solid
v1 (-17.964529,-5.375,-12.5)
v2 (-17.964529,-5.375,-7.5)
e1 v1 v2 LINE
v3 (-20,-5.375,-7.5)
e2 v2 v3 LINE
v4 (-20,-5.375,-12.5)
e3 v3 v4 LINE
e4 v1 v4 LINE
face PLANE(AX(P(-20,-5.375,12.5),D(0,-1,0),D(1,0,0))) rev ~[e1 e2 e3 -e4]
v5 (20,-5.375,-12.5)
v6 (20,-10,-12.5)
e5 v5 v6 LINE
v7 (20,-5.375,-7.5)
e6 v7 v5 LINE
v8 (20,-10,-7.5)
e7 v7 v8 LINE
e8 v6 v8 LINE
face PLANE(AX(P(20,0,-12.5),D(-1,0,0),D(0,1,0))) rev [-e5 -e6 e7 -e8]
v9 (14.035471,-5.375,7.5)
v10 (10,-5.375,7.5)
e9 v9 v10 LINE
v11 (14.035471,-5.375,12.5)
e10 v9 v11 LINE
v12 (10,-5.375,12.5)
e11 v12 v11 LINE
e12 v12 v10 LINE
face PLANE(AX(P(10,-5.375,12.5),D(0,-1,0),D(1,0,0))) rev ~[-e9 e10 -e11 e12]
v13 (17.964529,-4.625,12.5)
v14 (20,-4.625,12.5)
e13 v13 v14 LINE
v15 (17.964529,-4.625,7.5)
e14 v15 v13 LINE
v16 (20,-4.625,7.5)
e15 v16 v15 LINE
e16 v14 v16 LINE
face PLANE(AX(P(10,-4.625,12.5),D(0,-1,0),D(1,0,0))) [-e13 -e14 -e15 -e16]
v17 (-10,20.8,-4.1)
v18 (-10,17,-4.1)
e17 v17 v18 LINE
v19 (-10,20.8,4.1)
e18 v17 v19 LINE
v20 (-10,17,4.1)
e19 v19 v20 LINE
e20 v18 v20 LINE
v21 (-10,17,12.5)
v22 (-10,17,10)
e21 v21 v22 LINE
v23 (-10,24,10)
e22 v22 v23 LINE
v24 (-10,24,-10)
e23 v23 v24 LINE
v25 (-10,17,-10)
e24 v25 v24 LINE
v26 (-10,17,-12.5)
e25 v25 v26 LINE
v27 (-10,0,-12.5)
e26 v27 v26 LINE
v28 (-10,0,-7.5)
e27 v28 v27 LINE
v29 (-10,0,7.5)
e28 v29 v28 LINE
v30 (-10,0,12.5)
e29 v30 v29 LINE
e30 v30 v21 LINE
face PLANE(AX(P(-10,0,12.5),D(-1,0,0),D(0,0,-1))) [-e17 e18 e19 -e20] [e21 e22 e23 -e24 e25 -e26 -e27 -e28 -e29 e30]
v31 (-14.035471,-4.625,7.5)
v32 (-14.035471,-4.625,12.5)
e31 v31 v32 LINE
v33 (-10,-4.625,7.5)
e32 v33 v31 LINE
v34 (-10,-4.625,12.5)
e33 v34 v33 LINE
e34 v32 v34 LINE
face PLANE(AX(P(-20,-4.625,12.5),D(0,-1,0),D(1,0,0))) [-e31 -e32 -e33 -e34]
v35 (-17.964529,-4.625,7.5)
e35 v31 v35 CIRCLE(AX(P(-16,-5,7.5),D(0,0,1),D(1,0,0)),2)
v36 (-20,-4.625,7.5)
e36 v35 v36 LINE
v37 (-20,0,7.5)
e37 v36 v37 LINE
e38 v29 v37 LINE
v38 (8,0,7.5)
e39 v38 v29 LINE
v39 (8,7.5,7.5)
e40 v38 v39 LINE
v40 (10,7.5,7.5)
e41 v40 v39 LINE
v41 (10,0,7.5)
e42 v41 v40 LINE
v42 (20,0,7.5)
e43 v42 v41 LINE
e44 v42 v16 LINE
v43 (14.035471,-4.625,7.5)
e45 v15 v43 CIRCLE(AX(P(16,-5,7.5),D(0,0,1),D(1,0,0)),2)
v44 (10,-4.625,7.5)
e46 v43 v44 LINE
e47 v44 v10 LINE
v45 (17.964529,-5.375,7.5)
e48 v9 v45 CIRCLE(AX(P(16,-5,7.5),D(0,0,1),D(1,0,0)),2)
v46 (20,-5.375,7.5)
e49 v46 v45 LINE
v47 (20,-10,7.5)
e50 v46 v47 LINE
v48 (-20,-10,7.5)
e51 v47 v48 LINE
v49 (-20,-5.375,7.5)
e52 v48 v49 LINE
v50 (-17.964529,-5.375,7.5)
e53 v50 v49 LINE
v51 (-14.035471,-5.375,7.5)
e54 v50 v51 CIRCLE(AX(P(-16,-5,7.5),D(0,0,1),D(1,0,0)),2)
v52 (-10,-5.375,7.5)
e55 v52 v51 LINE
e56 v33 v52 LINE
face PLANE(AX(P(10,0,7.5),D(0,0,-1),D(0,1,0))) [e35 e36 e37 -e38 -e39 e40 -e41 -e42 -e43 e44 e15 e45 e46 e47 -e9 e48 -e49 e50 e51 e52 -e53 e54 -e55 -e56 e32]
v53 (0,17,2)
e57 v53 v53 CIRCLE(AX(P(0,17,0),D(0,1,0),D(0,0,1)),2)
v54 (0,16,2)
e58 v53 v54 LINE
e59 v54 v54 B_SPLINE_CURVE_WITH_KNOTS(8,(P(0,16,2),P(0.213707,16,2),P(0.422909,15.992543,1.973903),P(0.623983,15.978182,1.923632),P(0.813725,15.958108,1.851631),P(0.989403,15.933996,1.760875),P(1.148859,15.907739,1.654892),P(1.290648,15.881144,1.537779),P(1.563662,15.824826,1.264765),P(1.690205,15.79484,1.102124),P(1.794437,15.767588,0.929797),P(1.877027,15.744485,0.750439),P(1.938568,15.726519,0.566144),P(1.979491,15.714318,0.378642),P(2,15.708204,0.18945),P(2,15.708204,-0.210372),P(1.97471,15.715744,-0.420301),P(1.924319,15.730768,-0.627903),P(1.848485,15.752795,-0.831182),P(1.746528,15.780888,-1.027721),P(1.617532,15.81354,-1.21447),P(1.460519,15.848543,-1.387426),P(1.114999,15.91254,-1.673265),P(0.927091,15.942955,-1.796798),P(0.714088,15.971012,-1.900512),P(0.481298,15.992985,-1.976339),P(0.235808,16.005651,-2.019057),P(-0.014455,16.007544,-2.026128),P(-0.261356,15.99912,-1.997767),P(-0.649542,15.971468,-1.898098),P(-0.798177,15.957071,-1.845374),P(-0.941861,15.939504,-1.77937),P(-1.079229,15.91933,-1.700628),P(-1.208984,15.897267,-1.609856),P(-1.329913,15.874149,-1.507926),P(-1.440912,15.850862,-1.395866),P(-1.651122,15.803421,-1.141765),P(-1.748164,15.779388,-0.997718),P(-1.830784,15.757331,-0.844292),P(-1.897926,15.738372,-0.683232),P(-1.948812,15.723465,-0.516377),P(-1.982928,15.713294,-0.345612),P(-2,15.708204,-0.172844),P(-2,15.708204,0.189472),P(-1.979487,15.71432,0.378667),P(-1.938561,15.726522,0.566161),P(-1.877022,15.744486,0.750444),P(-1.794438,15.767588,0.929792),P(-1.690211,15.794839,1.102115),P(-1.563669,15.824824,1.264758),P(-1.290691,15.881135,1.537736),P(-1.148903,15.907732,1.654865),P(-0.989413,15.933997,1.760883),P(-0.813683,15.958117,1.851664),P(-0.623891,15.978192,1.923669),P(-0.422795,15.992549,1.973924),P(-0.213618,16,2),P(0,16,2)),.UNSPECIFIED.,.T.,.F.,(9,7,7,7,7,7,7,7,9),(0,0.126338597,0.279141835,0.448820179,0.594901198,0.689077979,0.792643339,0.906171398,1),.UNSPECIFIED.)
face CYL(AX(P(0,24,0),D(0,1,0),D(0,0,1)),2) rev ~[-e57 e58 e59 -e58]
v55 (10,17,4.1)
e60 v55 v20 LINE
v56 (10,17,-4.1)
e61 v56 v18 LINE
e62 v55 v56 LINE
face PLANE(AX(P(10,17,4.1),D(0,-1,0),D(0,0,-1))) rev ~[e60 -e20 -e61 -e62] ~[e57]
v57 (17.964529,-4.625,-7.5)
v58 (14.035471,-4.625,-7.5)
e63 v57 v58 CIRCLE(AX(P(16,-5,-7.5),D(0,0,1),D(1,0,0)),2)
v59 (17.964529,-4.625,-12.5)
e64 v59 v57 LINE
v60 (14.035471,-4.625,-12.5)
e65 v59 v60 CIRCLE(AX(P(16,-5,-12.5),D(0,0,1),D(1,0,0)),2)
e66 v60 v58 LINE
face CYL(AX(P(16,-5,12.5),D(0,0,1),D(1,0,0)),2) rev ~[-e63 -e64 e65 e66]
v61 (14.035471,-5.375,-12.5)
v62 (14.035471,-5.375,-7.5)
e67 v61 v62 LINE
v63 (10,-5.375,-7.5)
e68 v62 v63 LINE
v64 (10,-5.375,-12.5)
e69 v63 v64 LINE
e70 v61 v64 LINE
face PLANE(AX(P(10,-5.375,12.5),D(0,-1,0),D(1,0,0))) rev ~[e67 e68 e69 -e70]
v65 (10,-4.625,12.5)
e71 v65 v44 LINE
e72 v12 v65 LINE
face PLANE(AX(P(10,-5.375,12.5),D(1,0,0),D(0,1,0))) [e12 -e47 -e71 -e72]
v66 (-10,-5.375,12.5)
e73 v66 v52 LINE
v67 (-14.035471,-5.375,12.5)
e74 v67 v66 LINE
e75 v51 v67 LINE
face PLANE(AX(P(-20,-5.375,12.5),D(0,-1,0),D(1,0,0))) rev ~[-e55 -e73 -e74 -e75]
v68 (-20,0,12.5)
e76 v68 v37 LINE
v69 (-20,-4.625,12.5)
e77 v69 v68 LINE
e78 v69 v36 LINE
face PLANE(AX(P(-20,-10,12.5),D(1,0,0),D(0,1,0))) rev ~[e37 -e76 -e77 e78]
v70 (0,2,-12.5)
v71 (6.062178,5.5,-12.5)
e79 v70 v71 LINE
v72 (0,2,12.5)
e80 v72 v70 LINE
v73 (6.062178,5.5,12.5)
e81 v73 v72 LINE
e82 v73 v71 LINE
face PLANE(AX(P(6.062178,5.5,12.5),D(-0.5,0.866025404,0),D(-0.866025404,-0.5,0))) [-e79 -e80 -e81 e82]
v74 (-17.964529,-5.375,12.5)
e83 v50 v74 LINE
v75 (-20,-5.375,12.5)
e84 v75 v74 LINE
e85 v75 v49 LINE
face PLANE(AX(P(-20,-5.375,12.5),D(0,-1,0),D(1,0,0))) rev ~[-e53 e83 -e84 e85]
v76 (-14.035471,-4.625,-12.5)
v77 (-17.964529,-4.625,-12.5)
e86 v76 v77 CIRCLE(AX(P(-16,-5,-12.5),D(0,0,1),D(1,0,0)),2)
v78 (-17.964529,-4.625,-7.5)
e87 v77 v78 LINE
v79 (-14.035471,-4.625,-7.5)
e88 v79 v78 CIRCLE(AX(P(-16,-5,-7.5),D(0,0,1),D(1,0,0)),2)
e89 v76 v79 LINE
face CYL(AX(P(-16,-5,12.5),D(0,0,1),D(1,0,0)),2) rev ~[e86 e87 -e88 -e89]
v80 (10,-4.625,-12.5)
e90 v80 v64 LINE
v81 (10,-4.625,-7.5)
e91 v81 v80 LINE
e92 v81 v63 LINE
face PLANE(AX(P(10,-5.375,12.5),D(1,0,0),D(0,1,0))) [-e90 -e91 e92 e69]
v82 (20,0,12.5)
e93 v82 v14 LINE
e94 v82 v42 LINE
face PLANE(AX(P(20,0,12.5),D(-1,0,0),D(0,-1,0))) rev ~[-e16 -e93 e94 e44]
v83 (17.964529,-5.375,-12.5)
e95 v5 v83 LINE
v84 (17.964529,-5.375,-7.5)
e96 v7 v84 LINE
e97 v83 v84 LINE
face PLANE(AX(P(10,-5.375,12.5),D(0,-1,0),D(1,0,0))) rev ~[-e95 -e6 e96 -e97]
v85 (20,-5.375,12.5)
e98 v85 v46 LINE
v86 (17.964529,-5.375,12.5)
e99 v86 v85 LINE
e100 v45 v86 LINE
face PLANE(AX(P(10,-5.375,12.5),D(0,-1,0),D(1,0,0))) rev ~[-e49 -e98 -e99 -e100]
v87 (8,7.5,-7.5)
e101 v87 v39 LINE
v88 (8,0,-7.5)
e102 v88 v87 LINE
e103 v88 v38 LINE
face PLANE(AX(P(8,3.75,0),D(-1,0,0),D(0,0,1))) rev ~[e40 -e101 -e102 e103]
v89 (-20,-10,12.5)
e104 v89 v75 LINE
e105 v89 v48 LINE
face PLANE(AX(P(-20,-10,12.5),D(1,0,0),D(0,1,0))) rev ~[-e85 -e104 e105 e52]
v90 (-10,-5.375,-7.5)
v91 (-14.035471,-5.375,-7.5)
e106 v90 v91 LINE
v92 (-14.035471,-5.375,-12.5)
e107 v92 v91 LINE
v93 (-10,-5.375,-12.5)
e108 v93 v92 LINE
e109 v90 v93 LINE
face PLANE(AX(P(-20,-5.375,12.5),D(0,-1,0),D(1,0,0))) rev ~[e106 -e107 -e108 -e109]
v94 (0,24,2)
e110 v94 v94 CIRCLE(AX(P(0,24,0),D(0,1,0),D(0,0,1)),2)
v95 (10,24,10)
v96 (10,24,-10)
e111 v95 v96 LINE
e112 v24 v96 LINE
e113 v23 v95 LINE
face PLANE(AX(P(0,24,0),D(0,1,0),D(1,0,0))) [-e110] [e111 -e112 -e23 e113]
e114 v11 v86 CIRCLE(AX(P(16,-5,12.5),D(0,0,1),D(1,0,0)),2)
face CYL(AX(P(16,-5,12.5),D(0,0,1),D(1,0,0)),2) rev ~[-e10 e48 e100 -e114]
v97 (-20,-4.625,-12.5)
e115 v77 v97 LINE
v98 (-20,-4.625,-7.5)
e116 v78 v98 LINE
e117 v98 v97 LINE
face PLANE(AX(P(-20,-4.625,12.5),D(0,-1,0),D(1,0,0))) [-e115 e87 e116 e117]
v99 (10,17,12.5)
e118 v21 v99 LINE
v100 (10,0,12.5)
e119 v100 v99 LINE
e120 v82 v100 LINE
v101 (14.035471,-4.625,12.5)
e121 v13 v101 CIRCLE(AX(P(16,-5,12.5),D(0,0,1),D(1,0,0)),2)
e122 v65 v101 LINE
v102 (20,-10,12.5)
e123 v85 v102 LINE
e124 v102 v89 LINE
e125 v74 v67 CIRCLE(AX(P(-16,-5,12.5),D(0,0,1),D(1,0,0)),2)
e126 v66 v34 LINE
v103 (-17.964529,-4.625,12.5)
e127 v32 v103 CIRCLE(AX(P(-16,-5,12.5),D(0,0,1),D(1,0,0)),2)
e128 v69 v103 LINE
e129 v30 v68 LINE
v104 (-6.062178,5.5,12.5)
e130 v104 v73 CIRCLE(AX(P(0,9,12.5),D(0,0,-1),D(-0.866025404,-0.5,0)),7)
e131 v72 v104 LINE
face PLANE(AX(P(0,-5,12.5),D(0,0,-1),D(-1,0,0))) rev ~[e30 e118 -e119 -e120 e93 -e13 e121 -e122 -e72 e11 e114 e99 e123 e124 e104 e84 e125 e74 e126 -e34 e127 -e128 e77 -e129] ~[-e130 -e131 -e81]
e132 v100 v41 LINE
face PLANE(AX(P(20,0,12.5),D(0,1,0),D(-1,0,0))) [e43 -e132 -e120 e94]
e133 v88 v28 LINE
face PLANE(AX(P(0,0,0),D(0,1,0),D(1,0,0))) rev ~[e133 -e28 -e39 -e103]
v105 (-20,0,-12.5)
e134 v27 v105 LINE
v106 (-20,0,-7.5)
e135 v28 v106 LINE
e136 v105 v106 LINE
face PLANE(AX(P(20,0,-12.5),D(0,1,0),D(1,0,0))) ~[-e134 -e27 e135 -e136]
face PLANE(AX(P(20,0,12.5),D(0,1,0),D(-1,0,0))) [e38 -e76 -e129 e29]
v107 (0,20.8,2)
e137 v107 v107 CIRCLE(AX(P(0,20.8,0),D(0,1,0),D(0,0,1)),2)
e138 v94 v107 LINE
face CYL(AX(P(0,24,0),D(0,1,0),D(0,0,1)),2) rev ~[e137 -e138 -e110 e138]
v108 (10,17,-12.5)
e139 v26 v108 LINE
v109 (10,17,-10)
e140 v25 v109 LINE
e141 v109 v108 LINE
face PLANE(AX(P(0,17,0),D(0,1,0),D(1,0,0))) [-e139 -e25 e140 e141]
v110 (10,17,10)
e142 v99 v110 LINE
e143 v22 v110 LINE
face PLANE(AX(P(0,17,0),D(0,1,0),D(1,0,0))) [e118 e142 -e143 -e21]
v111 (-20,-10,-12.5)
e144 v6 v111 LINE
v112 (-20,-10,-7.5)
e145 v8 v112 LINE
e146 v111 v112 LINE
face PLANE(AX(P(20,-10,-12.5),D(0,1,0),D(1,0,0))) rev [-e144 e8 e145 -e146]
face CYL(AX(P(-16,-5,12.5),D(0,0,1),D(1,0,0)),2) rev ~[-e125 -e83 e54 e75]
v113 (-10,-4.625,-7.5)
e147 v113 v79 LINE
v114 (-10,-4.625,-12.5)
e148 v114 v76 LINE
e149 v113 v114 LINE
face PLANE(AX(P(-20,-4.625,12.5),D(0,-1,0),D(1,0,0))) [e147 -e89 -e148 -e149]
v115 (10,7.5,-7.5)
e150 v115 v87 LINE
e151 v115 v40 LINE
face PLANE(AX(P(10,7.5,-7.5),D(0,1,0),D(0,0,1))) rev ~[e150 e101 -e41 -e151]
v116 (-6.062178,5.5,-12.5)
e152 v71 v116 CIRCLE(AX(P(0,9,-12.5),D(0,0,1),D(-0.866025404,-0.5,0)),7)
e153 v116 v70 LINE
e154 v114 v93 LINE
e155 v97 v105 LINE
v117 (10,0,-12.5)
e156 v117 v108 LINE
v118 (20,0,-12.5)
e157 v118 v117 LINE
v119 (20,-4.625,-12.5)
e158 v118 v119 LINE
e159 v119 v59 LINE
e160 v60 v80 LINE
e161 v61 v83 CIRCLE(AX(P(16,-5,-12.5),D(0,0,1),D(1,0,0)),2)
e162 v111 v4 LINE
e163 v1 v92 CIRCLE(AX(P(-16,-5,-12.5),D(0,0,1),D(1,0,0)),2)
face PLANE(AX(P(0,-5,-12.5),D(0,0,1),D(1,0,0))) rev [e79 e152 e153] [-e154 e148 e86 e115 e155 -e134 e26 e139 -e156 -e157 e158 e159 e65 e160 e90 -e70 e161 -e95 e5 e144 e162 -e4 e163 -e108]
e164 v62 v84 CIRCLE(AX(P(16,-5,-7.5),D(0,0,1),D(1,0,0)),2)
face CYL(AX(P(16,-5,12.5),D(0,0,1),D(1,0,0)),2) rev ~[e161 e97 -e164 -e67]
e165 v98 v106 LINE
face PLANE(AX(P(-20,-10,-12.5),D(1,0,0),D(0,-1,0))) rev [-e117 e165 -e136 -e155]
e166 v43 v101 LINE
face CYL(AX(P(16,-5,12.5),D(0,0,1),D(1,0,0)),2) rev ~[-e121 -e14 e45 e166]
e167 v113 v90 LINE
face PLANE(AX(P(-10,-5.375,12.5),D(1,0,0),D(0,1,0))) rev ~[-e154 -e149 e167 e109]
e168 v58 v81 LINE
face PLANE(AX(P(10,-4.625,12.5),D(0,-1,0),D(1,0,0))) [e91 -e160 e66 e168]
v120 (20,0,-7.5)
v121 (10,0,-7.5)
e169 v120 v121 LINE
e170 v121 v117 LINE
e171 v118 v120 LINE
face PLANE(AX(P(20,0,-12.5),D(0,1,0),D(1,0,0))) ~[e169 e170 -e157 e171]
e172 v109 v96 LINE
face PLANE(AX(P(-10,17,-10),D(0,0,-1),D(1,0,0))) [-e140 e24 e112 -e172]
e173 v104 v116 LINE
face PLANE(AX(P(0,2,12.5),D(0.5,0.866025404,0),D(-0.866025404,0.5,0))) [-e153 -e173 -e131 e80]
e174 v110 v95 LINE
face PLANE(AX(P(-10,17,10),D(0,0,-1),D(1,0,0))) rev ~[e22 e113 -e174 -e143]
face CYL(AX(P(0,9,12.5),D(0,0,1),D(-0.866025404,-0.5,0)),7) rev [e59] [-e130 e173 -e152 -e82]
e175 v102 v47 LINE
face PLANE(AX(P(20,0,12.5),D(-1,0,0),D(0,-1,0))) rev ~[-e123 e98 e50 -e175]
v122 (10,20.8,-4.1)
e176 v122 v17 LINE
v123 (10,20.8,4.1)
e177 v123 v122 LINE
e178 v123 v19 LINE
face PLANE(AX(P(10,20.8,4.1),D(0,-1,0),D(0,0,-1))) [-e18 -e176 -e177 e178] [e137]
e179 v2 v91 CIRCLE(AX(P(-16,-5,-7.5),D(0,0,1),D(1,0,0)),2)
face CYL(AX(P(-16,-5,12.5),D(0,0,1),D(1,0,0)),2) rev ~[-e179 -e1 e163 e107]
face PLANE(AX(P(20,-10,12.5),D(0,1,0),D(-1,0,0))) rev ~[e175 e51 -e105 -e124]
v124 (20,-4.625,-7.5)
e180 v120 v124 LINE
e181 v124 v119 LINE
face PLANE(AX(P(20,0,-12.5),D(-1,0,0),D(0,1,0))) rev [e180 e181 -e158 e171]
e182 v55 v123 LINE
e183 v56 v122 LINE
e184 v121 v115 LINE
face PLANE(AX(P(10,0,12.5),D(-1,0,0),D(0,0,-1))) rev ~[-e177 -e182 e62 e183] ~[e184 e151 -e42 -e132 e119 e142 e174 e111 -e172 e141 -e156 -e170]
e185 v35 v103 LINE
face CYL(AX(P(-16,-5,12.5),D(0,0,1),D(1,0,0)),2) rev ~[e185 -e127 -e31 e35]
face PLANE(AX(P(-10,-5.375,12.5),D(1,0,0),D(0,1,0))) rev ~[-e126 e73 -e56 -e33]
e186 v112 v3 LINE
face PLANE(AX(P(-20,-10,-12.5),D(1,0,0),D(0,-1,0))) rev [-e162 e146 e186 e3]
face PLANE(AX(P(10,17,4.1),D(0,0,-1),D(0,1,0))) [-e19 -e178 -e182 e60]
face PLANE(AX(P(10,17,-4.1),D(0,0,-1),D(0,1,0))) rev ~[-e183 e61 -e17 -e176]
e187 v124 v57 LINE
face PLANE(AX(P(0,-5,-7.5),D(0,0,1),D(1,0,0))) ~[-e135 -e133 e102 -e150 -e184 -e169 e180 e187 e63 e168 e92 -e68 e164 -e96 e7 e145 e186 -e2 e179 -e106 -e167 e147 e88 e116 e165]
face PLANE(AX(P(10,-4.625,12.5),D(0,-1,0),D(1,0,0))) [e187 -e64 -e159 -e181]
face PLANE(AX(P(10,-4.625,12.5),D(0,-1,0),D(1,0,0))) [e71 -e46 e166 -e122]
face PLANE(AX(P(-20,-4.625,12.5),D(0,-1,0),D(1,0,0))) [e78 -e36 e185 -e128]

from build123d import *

# Parameters (mm, degrees)
SKETCH1_W               = 20
SKETCH1_H               = 25
BOSS_EXTRUDE1_DEPTH     = 17
CUT_EXTRUDE1_DEPTH      = 32.843366656
BOSS_EXTRUDE2_DEPTH     = 5
SKETCH4_R               = 2
CUT_EXTRUDE2_DEPTH      = 37.249137921
SKETCH6_W               = 20
SKETCH6_H               = 20
BOSS_EXTRUDE3_DEPTH     = 7
SKETCH8_W               = 8.2
SKETCH8_H               = 3.8
CUT_EXTRUDE3_DEPTH      = 41.401113846
CUT_EXTRUDE4_REACH      = 43.379
CUT_EXTRUDE4_END_RADIUS = 7
SKETCH7_R               = 2
SKETCH9_W               = 15
SKETCH9_H               = 7.5
CUT_EXTRUDE5_DEPTH      = 2
SKETCH10_W              = 10
SKETCH10_H              = 0.75
CUT_EXTRUDE6_DEPTH      = 41.01249811


with BuildPart() as part:
    # Sketch1 → Boss-Extrude1 (new body)
    with BuildSketch(Plane(origin=(0, 0, 0), x_dir=(1, 0, 0), z_dir=(0, 1, 0))):
        Rectangle(SKETCH1_W, SKETCH1_H)
    extrude(amount=BOSS_EXTRUDE1_DEPTH)

    # Sketch2 → Cut-Extrude1 (cut, through all)
    with BuildSketch(Plane.XY.offset(12.5)):
        with BuildLine():
            Line((0, 2), (-6.062177826, 5.5))
            ThreePointArc((-6.062177826, 5.5), (0, 16), (6.062177826, 5.5))
            Line((6.062177826, 5.5), (0, 2))
        make_face()
    extrude(amount=-CUT_EXTRUDE1_DEPTH, mode=Mode.SUBTRACT)

    # Sketch3 → Boss-Extrude2 (add)
    with BuildSketch(Plane.XY.offset(12.5)):
        Polygon((10, 0), (20, 0), (20, -10), (-20, -10), (-20, 0), (-10, 0), align=None)
    boss_extrude2 = extrude(amount=-BOSS_EXTRUDE2_DEPTH)

    # Mirror1: Boss-Extrude2 across plane
    add(boss_extrude2.mirror(Plane.XY))

    # Sketch4 → Cut-Extrude2 (cut, through all)
    with BuildSketch(Plane.XY.offset(12.5)):
        with Locations((16, -5)):
            Circle(SKETCH4_R)
        with Locations((-16, -5)):
            Circle(SKETCH4_R)
    extrude(amount=-CUT_EXTRUDE2_DEPTH, mode=Mode.SUBTRACT)

    # Sketch6 → Boss-Extrude3 (add)
    with BuildSketch(Plane(origin=(0, 17, 0), x_dir=(1, 0, 0), z_dir=(0, 1, 0))):
        Rectangle(SKETCH6_W, SKETCH6_H)
    extrude(amount=BOSS_EXTRUDE3_DEPTH)

    # Sketch8 → Cut-Extrude3 (cut, through all)
    with BuildSketch(Plane(origin=(10, 0, 0), x_dir=(0, 0, -1), z_dir=(1, 0, 0))):
        with Locations((0, 18.9)):
            Rectangle(SKETCH8_W, SKETCH8_H)
    extrude(amount=-CUT_EXTRUDE3_DEPTH, mode=Mode.SUBTRACT)

    # Cut-Extrude4: up to this cylinder (the profile starts outside it)
    cut_extrude4_end = Plane(origin=(0, 9, 0), z_dir=(0, 0, 1)) * Cylinder(CUT_EXTRUDE4_END_RADIUS, 101.758, mode=Mode.PRIVATE)
    # Sketch7 → Cut-Extrude4 (cut, up to the surface)
    with BuildSketch(Plane(origin=(0, 24, 0), x_dir=(1, 0, 0), z_dir=(0, 1, 0)), mode=Mode.PRIVATE) as cut_extrude4_sk1:
        with Locations(Location((0, 0, 0), (0, 0, 270))):
            Circle(SKETCH7_R)
    cut_extrude4_tool1 = extrude(cut_extrude4_sk1.sketch, amount=-CUT_EXTRUDE4_REACH, mode=Mode.PRIVATE) - cut_extrude4_end
    add(cut_extrude4_tool1.solids().sort_by_distance((0, 24, 0))[0], mode=Mode.SUBTRACT)

    # Sketch9 → Cut-Extrude5 (cut)
    with BuildSketch(Plane.ZY.offset(-10)):
        with Locations((0, 3.75)):
            Rectangle(SKETCH9_W, SKETCH9_H)
    extrude(amount=CUT_EXTRUDE5_DEPTH, mode=Mode.SUBTRACT)

    # Sketch10 → Cut-Extrude6 (cut, through all)
    with BuildSketch(Plane.XY.offset(12.5)):
        with Locations((-15, -5)):
            Rectangle(SKETCH10_W, SKETCH10_H)
        with Locations((15, -5)):
            Rectangle(SKETCH10_W, SKETCH10_H)
    extrude(amount=-CUT_EXTRUDE6_DEPTH, mode=Mode.SUBTRACT)


solid = part.part
